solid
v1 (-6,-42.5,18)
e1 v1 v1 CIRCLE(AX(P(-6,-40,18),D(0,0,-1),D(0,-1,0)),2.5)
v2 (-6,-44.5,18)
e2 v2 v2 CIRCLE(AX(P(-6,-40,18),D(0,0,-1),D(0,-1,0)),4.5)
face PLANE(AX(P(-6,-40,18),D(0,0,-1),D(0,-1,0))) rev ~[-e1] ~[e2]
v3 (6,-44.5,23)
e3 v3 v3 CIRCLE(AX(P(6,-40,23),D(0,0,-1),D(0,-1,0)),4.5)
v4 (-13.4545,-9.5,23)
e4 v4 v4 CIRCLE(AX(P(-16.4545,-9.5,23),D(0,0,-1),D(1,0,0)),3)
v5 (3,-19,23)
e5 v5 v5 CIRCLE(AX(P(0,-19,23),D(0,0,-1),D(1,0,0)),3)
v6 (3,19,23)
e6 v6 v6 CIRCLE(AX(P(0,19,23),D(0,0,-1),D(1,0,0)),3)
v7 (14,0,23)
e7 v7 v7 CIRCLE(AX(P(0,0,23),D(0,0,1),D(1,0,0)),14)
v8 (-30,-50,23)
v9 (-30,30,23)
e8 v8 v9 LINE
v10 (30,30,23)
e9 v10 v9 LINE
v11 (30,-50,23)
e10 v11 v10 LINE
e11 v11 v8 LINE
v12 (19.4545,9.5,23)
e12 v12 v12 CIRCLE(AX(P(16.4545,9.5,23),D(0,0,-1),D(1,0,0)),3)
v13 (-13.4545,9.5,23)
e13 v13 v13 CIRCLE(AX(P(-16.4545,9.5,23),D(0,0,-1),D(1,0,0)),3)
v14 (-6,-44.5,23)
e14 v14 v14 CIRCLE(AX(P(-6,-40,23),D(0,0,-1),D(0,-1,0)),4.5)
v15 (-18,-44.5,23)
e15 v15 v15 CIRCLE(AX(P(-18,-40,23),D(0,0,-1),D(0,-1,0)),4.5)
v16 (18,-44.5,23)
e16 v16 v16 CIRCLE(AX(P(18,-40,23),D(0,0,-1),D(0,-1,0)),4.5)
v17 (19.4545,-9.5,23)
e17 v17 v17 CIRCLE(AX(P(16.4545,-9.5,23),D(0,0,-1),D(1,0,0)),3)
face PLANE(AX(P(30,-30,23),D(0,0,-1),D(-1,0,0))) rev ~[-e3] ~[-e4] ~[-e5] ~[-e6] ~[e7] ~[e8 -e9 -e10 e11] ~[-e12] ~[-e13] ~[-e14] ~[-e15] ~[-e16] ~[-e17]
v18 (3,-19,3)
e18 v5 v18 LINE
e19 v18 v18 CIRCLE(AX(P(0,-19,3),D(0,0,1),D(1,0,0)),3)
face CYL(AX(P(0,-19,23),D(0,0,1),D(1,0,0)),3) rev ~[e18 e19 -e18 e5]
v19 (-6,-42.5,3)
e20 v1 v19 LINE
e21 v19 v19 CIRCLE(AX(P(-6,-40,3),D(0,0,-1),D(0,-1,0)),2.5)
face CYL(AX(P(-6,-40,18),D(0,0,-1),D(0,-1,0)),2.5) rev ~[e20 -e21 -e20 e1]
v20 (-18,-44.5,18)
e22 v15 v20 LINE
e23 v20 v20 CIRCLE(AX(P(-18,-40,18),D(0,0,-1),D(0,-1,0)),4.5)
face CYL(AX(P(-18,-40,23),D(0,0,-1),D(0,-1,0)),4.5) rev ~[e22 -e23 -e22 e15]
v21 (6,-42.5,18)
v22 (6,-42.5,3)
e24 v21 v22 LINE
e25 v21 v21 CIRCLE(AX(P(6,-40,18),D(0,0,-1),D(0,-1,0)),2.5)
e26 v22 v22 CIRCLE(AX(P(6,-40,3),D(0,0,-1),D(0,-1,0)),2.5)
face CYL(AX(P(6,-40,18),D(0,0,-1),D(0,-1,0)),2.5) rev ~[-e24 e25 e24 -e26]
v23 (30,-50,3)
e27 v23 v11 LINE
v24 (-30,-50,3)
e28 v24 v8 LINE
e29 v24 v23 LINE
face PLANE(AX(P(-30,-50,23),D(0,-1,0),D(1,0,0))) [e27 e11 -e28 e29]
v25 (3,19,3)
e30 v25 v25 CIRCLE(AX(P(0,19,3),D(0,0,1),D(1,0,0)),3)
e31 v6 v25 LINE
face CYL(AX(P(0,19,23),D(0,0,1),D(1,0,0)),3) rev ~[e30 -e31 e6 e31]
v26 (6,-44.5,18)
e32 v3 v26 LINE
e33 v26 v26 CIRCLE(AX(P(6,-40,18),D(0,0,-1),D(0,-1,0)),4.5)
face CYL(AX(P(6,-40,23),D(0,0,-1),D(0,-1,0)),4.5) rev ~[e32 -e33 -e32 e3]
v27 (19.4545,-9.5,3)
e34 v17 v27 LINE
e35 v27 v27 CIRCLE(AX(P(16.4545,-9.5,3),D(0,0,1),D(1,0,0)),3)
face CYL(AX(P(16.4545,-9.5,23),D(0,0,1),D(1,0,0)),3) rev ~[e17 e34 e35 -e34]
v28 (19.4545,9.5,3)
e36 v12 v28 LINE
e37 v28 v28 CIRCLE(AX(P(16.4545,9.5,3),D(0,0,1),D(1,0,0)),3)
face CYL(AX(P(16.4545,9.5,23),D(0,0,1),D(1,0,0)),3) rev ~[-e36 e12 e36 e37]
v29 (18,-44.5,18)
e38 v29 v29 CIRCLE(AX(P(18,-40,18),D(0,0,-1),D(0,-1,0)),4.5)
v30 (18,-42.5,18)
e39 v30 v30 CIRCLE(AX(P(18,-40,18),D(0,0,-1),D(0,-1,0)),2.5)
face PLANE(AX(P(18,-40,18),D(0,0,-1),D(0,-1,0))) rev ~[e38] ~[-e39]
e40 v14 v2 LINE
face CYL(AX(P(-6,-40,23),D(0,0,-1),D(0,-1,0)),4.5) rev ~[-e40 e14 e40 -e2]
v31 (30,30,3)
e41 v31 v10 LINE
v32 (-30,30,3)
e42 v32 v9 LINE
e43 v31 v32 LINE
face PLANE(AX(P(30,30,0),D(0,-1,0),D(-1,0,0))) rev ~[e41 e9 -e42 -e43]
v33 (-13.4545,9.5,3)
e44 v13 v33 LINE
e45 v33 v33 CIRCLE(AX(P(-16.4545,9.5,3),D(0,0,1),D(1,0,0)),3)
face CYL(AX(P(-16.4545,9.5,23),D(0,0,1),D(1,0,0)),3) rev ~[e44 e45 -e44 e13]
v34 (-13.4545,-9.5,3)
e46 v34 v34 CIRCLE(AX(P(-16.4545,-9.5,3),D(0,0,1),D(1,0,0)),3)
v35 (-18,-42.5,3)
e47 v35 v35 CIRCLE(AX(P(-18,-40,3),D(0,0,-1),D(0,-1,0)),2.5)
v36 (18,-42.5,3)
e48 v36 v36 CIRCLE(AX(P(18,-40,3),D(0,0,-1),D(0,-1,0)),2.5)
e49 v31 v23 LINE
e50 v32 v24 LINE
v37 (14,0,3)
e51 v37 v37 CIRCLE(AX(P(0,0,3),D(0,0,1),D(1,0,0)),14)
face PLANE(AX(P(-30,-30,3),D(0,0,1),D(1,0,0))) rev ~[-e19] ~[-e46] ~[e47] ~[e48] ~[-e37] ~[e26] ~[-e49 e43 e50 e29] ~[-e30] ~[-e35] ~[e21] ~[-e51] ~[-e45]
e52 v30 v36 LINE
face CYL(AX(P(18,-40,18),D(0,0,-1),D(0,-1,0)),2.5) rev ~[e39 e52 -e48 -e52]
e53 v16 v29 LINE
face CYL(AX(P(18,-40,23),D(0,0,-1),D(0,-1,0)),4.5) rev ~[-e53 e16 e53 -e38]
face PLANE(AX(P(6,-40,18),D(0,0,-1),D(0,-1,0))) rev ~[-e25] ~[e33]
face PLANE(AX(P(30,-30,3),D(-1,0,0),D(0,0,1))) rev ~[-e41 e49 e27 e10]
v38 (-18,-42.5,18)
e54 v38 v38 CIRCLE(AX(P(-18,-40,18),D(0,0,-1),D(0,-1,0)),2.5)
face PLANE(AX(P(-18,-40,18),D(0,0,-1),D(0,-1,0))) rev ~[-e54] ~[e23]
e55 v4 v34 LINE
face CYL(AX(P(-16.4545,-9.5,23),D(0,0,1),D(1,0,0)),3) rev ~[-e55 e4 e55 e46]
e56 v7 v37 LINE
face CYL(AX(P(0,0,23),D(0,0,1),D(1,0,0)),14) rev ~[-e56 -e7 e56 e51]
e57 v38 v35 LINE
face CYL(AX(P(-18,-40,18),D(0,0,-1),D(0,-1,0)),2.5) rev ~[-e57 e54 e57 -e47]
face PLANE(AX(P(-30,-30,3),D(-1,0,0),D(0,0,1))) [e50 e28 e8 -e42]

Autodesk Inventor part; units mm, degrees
ref_plane "YZ Plane" through (0, 0, 0) normal (1, 0, 0) x (0, 1, 0)
ref_plane "XZ Plane" through (0, 0, 0) normal (0, 1, 0) x (-1, 0, 0)
ref_plane "XY Plane" through (0, 0, 0) normal (0, 0, 1) x (1, 0, 0)
sketch "Szkic1" plane through (0, 0, 0) normal (0, 0, 1) x (1, 0, 0)
  line L0 (-30, -30) -> (30, -30)
  line L1 (30, -30) -> (30, 30)
  line L2 (30, 30) -> (-30, 30)
  line L3 (-30, 30) -> (-30, -30)
  line L4 (-30, -30) -> (30, 30) construction
  line L5 (30, -30) -> (-30, 30) construction
  point P0 (0, 0)
  dimension "d0" = 60
  dimension "d1" = 60
extrude "Wyciągnięcie proste1" add sketch "Szkic1" along normal blind 35
sketch "Szkic2" plane through (0, 0, 35) normal (0, 0, 1) x (1, 0, 0)
  circle A0 centre (0, 0) radius 25
  dimension "d4" = 50
extrude "Wyciągnięcie proste2" cut sketch "Szkic2" against normal blind 12
sketch "Szkic3" plane through (0, 0, 23) normal (0, 0, 1) x (1, 0, 0)
  circle A0 centre (0, 0) radius 14
  dimension "d7" = 28
extrude "Wyciągnięcie proste3" cut sketch "Szkic3" against normal up to next
sketch "Szkic4" plane through (0, 0, 23) normal (0, 0, 1) x (1, 0, 0)
  circle A0 centre (0, 0) radius 19
  circle A1 centre (0, 19) radius 3
  circle A2 centre (-16.4545, 9.5) radius 3
  circle A3 centre (-16.4545, -9.5) radius 3
  circle A4 centre (0, -19) radius 3
  circle A5 centre (16.4545, -9.5) radius 3
  circle A6 centre (16.4545, 9.5) radius 3
  dimension "d10" = 38
  dimension "d11" = 6
  dimension "d14" = 360
sketch "Szkic13" plane through (0, 0, 35) normal (0, 0, 1) x (1, 0, 0)
  circle A0 centre (0, 0) radius 25 projected
  line L0 (-30, -30) -> (30, -30) projected
  line L1 (30, -30) -> (30, 30) projected
  line L2 (30, 30) -> (-30, 30) projected
  line L3 (-30, 30) -> (-30, -30) projected
extrude "Wyciągnięcie proste10" cut sketch "Szkic13" against normal up to surface (12 mm away)
extrude "Wyciągnięcie proste11" cut sketch "Szkic4" against normal up to next contours A6 A0 | A0 A6 | A5 A0 | A0 A5 | A1 A0 | A0 A1 | A4 A0 | A0 A4 | A2 A0 | A0 A2 | A3 A0 | A0 A3
thread "Gwint7" size "M6x1" class "6H" standard "ANSI Metric M Profile" full length
thread "Gwint8" size "M6x1" class "6H" standard "ANSI Metric M Profile" full length
thread "Gwint9" size "M6x1" class "6H" standard "ANSI Metric M Profile" full length
thread "Gwint10" size "M6x1" class "6H" standard "ANSI Metric M Profile" full length
thread "Gwint11" size "M6x1" class "6H" standard "ANSI Metric M Profile" full length
thread "Gwint12" size "M6x1" class "6H" standard "ANSI Metric M Profile" full length
sketch "Szkic14" plane through (0, 0, 0) normal (0, 0, -1) x (-1, 0, 0)
  circle A0 centre (0, 0) radius 14 projected
  line L0 (30, -30) -> (-30, -30) projected
  line L1 (30, 30) -> (30, -30) projected
  line L2 (-30, 30) -> (30, 30) projected
  line L3 (-30, -30) -> (-30, 30) projected
extrude "Wyciągnięcie proste12" cut sketch "Szkic14" against normal blind 3
sketch "Szkic16" plane through (-30, -30, 23) normal (0, -1, 0) x (1, 0, 0)
  line L0 (0, -20) -> (60, -20) projected
  line L1 (60, -20) -> (60, 0) projected
  line L2 (60, 0) -> (0, 0) projected
  line L3 (0, -20) -> (0, 0) projected
  point P0 (30, -23)
extrude "Wyciągnięcie proste14" add sketch "Szkic16" along normal blind 20
sketch "Szkic17" plane through (0, 0, 23) normal (0, 0, 1) x (1, 0, 0)
  circle A0 centre (16.4545, 9.5) radius 3 projected
  circle A1 centre (0, -19) radius 3 projected
  circle A2 centre (-16.4545, 9.5) radius 3 projected
  circle A3 centre (0, 19) radius 3 projected
  circle A4 centre (-16.4545, -9.5) radius 3 projected
  circle A5 centre (16.4545, -9.5) radius 3 projected
  line L0 (30, 30) -> (30, -50) projected
  line L1 (-30, 30) -> (30, 30) projected
  line L2 (-30, -50) -> (-30, 30) projected
  line L3 (30, -50) -> (-30, -50) projected
  circle A6 centre (0, 0) radius 14 projected
  line L4 (-30, -50) -> (-30, -40)
  line L5 (-30, 30) -> (-30, -50) projected
  line L6 (-30, -40) -> (30, -40)
  line L7 (30, -50) -> (30, 30) projected
  line L8 (-30, -40) -> (-18, -40)
  line L9 (-18, -40) -> (-6, -40)
  line L10 (-6, -40) -> (6, -40)
  line L11 (6, -40) -> (18, -40)
  circle A7 centre (-18, -40) radius 2.5
  circle A8 centre (-6, -40) radius 2.5
  circle A9 centre (6, -40) radius 2.5
  circle A10 centre (18, -40) radius 2.5
  dimension "d100" = 10
  dimension "d101" = 12
  dimension "d102" = 12
  dimension "d103" = 12
  dimension "d104" = 12
  dimension "d105" = 5
  dimension "d106" = 5
  dimension "d107" = 5
  dimension "d108" = 5
hole "Otwór1" at (-18, -40, 23) at (-6, -40, 23) at (6, -40, 23) at (18, -40, 23) direction (0, 0, -1) diameter 5 end through all counterbore diameter 9 counterbore depth 5
properties part number "Obudowa nakrętki trapezowej fi 16 - oś Y"
